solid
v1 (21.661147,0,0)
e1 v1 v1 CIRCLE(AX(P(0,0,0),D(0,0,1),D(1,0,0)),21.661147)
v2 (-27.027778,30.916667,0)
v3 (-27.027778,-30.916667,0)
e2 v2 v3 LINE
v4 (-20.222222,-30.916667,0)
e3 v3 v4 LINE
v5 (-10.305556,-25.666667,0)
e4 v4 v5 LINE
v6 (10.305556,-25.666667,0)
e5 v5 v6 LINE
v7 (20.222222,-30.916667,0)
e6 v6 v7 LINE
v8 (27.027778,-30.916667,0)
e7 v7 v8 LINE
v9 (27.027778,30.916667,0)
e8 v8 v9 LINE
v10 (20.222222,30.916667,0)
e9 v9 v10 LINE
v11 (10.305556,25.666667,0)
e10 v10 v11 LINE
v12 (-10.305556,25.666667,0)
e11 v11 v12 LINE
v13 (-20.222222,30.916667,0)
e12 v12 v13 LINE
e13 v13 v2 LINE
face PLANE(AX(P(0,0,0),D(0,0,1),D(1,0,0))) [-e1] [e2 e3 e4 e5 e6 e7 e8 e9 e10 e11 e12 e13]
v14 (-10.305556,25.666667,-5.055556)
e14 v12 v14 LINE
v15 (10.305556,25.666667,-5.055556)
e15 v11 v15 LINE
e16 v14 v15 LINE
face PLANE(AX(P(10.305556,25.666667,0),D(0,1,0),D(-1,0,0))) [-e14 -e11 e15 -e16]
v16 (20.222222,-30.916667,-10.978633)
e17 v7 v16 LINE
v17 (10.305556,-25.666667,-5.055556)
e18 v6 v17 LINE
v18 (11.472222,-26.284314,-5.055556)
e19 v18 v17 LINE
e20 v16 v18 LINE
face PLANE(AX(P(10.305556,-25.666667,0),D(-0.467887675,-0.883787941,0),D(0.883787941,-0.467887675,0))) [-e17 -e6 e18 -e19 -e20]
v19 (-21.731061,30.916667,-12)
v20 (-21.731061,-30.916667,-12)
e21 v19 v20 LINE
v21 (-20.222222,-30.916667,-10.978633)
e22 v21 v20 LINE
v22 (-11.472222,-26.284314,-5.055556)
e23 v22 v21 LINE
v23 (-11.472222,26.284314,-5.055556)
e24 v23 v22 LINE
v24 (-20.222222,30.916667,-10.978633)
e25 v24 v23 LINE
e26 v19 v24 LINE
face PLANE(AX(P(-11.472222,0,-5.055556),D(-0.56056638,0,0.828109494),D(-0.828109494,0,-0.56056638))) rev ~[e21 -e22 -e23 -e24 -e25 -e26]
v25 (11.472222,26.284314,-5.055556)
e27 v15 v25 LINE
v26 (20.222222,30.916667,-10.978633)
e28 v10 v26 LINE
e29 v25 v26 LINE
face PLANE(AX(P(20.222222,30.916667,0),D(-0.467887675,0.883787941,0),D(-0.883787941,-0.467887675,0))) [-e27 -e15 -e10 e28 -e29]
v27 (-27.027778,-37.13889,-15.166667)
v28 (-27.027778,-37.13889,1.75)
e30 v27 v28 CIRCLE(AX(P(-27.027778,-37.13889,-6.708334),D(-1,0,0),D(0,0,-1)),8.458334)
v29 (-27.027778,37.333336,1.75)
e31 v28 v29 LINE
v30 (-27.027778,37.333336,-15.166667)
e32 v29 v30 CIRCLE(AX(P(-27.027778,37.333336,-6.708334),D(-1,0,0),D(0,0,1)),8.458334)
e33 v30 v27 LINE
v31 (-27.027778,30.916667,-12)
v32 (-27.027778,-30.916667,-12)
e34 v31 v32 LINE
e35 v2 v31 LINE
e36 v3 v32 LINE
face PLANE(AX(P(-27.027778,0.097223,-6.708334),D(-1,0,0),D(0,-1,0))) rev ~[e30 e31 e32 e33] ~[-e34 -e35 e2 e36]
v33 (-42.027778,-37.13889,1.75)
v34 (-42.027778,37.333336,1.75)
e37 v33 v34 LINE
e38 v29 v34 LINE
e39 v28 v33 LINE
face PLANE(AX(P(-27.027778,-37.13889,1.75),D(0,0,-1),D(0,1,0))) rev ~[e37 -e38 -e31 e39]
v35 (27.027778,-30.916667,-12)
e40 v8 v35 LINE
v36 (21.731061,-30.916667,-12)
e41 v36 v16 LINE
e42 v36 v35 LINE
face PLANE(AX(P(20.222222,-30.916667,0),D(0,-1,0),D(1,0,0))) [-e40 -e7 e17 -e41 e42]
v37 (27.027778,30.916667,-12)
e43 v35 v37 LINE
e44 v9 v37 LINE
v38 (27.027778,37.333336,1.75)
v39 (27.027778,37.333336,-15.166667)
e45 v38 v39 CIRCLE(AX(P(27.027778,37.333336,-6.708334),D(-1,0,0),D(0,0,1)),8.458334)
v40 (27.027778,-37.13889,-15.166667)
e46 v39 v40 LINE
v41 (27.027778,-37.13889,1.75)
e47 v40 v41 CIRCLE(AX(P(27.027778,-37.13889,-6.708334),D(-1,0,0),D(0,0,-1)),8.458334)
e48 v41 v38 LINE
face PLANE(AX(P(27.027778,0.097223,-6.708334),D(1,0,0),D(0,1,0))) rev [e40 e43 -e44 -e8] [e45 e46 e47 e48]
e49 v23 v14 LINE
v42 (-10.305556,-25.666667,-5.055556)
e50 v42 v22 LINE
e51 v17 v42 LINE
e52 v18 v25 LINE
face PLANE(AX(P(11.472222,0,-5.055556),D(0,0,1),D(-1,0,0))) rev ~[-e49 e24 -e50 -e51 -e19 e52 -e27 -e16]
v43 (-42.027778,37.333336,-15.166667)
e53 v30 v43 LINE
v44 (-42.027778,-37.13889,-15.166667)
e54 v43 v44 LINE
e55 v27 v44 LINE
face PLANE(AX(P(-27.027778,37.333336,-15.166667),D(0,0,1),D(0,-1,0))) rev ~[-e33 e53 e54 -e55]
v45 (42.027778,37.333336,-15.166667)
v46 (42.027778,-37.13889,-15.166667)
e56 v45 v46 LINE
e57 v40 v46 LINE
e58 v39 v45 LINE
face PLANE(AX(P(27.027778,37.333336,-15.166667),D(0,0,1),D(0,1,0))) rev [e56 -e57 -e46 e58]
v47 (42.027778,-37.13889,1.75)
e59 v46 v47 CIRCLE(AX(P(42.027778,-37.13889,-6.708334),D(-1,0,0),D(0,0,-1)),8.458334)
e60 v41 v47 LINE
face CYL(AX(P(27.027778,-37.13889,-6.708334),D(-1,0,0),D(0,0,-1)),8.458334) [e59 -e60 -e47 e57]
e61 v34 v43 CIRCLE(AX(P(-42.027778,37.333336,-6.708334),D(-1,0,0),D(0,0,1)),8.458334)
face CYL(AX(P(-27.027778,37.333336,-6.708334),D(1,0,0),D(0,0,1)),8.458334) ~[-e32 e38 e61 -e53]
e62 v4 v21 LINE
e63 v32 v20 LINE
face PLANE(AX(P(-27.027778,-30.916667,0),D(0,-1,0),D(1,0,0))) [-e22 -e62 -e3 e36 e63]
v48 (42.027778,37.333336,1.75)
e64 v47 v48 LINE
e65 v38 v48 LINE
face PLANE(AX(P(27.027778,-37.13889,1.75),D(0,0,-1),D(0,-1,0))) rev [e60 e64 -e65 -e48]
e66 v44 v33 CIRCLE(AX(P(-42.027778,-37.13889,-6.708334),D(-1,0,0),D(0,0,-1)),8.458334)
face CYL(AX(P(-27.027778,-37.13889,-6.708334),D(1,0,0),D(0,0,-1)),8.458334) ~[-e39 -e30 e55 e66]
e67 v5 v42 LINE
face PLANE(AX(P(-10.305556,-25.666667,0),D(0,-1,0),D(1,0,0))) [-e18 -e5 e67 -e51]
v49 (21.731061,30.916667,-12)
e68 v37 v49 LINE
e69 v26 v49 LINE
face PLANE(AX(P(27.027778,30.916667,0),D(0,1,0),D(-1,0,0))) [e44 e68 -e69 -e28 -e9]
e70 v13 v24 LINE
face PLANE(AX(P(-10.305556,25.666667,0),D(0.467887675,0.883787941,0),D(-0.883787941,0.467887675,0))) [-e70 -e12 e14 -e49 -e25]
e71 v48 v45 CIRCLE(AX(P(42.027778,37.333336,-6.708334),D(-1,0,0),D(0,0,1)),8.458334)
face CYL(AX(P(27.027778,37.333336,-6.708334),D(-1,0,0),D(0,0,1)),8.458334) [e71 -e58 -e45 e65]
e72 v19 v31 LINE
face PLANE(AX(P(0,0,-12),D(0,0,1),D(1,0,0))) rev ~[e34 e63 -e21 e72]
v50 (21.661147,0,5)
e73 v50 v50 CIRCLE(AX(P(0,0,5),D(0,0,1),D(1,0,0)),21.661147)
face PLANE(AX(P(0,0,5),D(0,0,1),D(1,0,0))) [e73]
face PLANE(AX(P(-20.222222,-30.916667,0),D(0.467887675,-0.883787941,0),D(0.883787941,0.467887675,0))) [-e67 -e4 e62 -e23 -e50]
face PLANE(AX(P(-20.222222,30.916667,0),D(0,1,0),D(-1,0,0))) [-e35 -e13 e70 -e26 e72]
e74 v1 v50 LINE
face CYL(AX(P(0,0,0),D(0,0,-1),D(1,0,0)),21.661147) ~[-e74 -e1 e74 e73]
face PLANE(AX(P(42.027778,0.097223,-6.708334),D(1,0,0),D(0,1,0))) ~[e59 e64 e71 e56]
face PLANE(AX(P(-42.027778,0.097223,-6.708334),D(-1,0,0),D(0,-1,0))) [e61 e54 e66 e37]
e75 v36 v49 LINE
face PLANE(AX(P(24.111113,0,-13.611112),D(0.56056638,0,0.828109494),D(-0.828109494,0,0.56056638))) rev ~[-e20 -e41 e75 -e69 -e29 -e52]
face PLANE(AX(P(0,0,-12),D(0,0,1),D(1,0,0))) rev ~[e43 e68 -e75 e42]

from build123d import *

# Parameters (mm, degrees)
F0_R     = 21.6611468636
F1_DEPTH = 12
F5_DEPTH = 15
F8_DEPTH = 32.9
F9_DEPTH = 5


with BuildPart() as f1:
    # F0 (on Top) → F1 (new body)
    with BuildSketch(Plane.XY):
        Polygon((-20.2222224325, 30.916666612), (-27.0277783275, 30.916666612), (-27.0277783275, 0), (-27.0277783275, -30.916666612), (-20.2222224325, -30.916666612), (-10.3055555373, -25.6666671485), (0, -25.6666671485), (10.3055555373, -25.6666671485), (20.2222224325, -30.916666612), (27.0277783275, -30.916666612), (27.0277783275, 0), (27.0277783275, 30.916666612), (20.2222224325, 30.916666612), (10.3055555373, 25.6666671485), (0, 25.6666671485), (-10.3055555373, 25.6666671485), align=None)
        Circle(F0_R, mode=Mode.SUBTRACT)
        Circle(F0_R)
    extrude(amount=-F1_DEPTH)

    # F4 (on plane+point) → F5 (join)
    with BuildSketch(Plane(origin=(-27.0277783275, 0, 0), x_dir=(0, -1, 0), z_dir=(-1, 0, 0))):
        with BuildLine():
            ThreePointArc((-37.3333357275, 1.750000054), (-45.7916693995, -6.708333618), (-37.3333357275, -15.16666729))
            Line((-37.3333357275, -15.16666729), (37.138890475, -15.16666729))
            ThreePointArc((37.138890475, -15.16666729), (45.5972241471, -6.708333618), (37.138890475, 1.750000054))
            Line((37.138890475, 1.750000054), (-37.3333357275, 1.750000054))
        make_face()
    extrude(amount=F5_DEPTH)

    # F6: F1 across plane


with BuildPart() as f1_1:
    add(f1.part)
    add(f1.part.mirror(Plane.YZ))

    # F7 (on Front) → F8 (cut, symmetric)
    with BuildSketch(Plane.XZ):
        Polygon((11.4722223952, -5.0555560738), (0, -5.0555560738), (-11.4722223952, -5.0555560738), (-24.1111125797, -13.6111117899), (0, -13.6111117899), (24.1111125797, -13.6111117899), align=None)
    extrude(amount=F8_DEPTH, both=True, mode=Mode.SUBTRACT)

    # F0 (on Top) → F9 (join)
    with BuildSketch(Plane.XY):
        Circle(F0_R)
    extrude(amount=F9_DEPTH)


solid = f1_1.part
